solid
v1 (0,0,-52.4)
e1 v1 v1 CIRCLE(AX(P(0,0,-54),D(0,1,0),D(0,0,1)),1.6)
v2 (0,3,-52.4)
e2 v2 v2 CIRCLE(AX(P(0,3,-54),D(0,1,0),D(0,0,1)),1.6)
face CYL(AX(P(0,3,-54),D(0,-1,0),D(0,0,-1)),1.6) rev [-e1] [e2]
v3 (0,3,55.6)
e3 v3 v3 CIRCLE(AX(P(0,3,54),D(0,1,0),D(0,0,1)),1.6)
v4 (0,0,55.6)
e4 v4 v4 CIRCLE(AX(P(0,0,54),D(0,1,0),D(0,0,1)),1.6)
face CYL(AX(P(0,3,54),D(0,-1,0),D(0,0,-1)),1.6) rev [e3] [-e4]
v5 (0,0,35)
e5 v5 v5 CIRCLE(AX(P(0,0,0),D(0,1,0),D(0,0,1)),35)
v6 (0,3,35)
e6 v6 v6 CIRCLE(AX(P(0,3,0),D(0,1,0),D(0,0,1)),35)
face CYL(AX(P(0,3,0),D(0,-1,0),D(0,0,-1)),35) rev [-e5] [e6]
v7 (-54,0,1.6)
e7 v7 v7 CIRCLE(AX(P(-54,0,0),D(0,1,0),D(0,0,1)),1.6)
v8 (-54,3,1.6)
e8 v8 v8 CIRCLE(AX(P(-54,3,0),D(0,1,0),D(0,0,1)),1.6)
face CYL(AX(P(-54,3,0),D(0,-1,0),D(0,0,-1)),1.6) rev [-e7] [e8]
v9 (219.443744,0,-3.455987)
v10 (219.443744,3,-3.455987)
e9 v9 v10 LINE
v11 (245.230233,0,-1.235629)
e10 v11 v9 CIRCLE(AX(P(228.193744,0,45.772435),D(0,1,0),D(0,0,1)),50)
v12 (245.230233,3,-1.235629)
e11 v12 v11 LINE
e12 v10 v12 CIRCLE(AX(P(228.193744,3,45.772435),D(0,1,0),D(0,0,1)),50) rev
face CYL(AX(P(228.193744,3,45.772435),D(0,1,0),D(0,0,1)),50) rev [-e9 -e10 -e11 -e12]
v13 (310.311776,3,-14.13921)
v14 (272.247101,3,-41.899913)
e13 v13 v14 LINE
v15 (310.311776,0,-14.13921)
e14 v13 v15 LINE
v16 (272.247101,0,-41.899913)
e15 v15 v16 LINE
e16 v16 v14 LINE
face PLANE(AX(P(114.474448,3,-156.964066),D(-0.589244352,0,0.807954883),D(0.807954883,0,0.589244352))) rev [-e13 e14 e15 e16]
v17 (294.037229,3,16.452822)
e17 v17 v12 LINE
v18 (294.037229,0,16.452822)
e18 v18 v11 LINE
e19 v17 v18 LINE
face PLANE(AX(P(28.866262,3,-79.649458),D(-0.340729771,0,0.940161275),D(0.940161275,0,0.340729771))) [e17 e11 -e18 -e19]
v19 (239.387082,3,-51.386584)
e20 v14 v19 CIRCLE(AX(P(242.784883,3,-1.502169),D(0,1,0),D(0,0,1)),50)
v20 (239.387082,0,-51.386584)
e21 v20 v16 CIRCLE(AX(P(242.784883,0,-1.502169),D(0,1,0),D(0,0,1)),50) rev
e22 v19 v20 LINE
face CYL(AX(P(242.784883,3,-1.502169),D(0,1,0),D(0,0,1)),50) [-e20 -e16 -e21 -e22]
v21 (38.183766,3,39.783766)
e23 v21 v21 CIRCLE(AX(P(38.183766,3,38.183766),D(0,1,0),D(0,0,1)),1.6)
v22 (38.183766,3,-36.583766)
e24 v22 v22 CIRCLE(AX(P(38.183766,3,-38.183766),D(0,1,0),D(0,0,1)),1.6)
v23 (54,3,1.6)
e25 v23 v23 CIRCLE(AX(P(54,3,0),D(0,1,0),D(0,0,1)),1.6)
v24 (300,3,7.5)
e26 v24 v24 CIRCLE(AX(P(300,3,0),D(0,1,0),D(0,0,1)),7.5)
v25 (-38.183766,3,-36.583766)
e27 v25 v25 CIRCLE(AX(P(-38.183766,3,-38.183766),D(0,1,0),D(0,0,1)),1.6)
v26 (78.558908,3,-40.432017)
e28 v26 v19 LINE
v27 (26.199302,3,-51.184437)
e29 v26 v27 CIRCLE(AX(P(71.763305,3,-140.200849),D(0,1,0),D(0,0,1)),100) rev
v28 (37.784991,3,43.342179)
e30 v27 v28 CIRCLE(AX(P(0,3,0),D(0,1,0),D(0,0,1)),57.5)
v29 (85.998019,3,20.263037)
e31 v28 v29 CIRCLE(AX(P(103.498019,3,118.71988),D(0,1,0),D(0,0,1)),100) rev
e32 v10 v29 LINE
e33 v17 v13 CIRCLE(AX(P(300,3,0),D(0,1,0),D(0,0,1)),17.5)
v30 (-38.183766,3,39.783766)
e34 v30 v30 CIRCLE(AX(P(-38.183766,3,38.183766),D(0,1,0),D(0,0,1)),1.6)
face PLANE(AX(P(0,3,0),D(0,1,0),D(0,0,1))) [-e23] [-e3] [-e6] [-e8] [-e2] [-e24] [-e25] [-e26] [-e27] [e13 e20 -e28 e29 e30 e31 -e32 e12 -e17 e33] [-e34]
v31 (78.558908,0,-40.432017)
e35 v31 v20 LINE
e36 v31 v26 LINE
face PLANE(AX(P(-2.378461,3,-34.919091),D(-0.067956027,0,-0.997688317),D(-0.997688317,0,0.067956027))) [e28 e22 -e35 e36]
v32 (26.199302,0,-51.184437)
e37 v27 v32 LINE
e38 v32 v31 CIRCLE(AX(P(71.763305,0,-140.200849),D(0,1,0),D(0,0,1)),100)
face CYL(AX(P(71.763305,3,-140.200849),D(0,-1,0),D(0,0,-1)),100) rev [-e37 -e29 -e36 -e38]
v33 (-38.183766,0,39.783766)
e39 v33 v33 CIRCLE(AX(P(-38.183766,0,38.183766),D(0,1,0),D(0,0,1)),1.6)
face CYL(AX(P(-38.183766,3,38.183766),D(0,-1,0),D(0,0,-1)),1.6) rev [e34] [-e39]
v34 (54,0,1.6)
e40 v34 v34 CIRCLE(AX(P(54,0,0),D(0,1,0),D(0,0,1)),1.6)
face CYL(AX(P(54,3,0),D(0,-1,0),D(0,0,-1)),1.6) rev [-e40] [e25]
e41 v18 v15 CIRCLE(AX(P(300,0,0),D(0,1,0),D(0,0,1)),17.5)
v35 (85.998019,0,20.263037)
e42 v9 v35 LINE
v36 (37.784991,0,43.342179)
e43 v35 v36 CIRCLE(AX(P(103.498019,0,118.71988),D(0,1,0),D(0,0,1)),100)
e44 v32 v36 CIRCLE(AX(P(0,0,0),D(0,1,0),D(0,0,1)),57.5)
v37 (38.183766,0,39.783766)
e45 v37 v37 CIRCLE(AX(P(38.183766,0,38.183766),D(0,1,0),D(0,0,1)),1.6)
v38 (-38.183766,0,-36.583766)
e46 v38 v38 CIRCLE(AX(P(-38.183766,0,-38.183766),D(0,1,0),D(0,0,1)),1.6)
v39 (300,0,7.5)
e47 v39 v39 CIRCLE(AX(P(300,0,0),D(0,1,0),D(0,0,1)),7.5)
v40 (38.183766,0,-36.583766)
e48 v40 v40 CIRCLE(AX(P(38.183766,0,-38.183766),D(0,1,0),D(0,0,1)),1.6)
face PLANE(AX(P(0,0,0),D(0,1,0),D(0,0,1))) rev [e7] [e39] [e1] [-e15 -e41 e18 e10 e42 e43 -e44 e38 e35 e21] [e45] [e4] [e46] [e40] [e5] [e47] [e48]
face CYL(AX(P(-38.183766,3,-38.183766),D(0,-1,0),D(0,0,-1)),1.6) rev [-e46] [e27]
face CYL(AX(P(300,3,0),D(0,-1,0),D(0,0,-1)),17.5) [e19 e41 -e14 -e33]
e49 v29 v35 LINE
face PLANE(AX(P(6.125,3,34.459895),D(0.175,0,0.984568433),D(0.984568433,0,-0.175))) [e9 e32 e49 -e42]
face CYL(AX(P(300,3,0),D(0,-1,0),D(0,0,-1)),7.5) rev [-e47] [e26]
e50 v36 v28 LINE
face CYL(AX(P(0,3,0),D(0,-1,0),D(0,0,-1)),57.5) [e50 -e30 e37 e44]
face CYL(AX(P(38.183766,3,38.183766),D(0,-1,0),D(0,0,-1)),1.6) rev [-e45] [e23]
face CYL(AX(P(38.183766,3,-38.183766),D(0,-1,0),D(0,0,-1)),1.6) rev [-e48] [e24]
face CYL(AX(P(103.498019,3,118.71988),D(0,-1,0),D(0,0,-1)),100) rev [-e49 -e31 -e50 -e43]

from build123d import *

# Parameters (mm, degrees)
SKETCH1_R           = 1.6
SKETCH1_R_2         = 35
SKETCH1_R_3         = 7.5
BOSS_EXTRUDE2_DEPTH = 3
FILLET1_R           = 50
FILLET2_R           = 100


with BuildPart() as part:
    # Sketch1 → Boss-Extrude2 (new body)
    with BuildSketch(Plane(origin=(0, 0, 0), x_dir=(1, 0, 0), z_dir=(0, 1, 0))):
        with BuildLine():
            Line((257.543524338, 52.623283), (43.136797408, 38.01929391))
            ThreePointArc((43.136797408, 38.01929391), (-57.072915612, -6.99516287), (51.041719813, -26.476269347))
            Line((51.041719813, -26.476269347), (232.634460204, 5.800541986))
            Line((232.634460204, 5.800541986), (294.037229007, -16.452822314))
            ThreePointArc((294.037229007, -16.452822314), (315.449808374, -8.21908883), (310.311776158, 14.139210461))
            Line((310.311776158, 14.139210461), (257.543524338, 52.623283))
        make_face()
        with Locations(Location((38.183766184, 38.183766184, 0), (0, 0, 270))):
            Circle(SKETCH1_R, mode=Mode.SUBTRACT)
        with Locations(Location((0, 0, 0), (0, 0, 270))):
            Circle(SKETCH1_R_2, mode=Mode.SUBTRACT)
        with Locations(Location((54, 0, 0), (0, 0, 270))):
            Circle(SKETCH1_R, mode=Mode.SUBTRACT)
        with Locations(Location((0, 54, 0), (0, 0, 270))):
            Circle(SKETCH1_R, mode=Mode.SUBTRACT)
        with Locations(Location((-38.183766184, 38.183766184, 0), (0, 0, 270))):
            Circle(SKETCH1_R, mode=Mode.SUBTRACT)
        with Locations(Location((-54, 0, 0), (0, 0, 270))):
            Circle(SKETCH1_R, mode=Mode.SUBTRACT)
        with Locations(Location((0, -54, 0), (0, 0, 270))):
            Circle(SKETCH1_R, mode=Mode.SUBTRACT)
        with Locations(Location((-38.183766184, -38.183766184, 0), (0, 0, 270))):
            Circle(SKETCH1_R, mode=Mode.SUBTRACT)
        with Locations(Location((38.183766184, -38.183766184, 0), (0, 0, 270))):
            Circle(SKETCH1_R, mode=Mode.SUBTRACT)
        with Locations(Location((300, 0, 0), (0, 0, 270))):
            Circle(SKETCH1_R_3, mode=Mode.SUBTRACT)
    extrude(amount=BOSS_EXTRUDE2_DEPTH)

    # Fillet1
    fillet1_edges = [part.edges().sort_by_distance(p)[0] for p in [
        (232.634460204, 1.5, -5.800541986),
        (257.543524338, 1.5, -52.623283),
    ]]
    fillet(fillet1_edges, radius=FILLET1_R)

    # Fillet2
    fillet2_edges = [part.edges().sort_by_distance(p)[0] for p in [
        (51.041719813, 1.5, 26.476269347),
        (43.136797408, 1.5, -38.01929391),
    ]]
    fillet(fillet2_edges, radius=FILLET2_R)


solid = part.part
